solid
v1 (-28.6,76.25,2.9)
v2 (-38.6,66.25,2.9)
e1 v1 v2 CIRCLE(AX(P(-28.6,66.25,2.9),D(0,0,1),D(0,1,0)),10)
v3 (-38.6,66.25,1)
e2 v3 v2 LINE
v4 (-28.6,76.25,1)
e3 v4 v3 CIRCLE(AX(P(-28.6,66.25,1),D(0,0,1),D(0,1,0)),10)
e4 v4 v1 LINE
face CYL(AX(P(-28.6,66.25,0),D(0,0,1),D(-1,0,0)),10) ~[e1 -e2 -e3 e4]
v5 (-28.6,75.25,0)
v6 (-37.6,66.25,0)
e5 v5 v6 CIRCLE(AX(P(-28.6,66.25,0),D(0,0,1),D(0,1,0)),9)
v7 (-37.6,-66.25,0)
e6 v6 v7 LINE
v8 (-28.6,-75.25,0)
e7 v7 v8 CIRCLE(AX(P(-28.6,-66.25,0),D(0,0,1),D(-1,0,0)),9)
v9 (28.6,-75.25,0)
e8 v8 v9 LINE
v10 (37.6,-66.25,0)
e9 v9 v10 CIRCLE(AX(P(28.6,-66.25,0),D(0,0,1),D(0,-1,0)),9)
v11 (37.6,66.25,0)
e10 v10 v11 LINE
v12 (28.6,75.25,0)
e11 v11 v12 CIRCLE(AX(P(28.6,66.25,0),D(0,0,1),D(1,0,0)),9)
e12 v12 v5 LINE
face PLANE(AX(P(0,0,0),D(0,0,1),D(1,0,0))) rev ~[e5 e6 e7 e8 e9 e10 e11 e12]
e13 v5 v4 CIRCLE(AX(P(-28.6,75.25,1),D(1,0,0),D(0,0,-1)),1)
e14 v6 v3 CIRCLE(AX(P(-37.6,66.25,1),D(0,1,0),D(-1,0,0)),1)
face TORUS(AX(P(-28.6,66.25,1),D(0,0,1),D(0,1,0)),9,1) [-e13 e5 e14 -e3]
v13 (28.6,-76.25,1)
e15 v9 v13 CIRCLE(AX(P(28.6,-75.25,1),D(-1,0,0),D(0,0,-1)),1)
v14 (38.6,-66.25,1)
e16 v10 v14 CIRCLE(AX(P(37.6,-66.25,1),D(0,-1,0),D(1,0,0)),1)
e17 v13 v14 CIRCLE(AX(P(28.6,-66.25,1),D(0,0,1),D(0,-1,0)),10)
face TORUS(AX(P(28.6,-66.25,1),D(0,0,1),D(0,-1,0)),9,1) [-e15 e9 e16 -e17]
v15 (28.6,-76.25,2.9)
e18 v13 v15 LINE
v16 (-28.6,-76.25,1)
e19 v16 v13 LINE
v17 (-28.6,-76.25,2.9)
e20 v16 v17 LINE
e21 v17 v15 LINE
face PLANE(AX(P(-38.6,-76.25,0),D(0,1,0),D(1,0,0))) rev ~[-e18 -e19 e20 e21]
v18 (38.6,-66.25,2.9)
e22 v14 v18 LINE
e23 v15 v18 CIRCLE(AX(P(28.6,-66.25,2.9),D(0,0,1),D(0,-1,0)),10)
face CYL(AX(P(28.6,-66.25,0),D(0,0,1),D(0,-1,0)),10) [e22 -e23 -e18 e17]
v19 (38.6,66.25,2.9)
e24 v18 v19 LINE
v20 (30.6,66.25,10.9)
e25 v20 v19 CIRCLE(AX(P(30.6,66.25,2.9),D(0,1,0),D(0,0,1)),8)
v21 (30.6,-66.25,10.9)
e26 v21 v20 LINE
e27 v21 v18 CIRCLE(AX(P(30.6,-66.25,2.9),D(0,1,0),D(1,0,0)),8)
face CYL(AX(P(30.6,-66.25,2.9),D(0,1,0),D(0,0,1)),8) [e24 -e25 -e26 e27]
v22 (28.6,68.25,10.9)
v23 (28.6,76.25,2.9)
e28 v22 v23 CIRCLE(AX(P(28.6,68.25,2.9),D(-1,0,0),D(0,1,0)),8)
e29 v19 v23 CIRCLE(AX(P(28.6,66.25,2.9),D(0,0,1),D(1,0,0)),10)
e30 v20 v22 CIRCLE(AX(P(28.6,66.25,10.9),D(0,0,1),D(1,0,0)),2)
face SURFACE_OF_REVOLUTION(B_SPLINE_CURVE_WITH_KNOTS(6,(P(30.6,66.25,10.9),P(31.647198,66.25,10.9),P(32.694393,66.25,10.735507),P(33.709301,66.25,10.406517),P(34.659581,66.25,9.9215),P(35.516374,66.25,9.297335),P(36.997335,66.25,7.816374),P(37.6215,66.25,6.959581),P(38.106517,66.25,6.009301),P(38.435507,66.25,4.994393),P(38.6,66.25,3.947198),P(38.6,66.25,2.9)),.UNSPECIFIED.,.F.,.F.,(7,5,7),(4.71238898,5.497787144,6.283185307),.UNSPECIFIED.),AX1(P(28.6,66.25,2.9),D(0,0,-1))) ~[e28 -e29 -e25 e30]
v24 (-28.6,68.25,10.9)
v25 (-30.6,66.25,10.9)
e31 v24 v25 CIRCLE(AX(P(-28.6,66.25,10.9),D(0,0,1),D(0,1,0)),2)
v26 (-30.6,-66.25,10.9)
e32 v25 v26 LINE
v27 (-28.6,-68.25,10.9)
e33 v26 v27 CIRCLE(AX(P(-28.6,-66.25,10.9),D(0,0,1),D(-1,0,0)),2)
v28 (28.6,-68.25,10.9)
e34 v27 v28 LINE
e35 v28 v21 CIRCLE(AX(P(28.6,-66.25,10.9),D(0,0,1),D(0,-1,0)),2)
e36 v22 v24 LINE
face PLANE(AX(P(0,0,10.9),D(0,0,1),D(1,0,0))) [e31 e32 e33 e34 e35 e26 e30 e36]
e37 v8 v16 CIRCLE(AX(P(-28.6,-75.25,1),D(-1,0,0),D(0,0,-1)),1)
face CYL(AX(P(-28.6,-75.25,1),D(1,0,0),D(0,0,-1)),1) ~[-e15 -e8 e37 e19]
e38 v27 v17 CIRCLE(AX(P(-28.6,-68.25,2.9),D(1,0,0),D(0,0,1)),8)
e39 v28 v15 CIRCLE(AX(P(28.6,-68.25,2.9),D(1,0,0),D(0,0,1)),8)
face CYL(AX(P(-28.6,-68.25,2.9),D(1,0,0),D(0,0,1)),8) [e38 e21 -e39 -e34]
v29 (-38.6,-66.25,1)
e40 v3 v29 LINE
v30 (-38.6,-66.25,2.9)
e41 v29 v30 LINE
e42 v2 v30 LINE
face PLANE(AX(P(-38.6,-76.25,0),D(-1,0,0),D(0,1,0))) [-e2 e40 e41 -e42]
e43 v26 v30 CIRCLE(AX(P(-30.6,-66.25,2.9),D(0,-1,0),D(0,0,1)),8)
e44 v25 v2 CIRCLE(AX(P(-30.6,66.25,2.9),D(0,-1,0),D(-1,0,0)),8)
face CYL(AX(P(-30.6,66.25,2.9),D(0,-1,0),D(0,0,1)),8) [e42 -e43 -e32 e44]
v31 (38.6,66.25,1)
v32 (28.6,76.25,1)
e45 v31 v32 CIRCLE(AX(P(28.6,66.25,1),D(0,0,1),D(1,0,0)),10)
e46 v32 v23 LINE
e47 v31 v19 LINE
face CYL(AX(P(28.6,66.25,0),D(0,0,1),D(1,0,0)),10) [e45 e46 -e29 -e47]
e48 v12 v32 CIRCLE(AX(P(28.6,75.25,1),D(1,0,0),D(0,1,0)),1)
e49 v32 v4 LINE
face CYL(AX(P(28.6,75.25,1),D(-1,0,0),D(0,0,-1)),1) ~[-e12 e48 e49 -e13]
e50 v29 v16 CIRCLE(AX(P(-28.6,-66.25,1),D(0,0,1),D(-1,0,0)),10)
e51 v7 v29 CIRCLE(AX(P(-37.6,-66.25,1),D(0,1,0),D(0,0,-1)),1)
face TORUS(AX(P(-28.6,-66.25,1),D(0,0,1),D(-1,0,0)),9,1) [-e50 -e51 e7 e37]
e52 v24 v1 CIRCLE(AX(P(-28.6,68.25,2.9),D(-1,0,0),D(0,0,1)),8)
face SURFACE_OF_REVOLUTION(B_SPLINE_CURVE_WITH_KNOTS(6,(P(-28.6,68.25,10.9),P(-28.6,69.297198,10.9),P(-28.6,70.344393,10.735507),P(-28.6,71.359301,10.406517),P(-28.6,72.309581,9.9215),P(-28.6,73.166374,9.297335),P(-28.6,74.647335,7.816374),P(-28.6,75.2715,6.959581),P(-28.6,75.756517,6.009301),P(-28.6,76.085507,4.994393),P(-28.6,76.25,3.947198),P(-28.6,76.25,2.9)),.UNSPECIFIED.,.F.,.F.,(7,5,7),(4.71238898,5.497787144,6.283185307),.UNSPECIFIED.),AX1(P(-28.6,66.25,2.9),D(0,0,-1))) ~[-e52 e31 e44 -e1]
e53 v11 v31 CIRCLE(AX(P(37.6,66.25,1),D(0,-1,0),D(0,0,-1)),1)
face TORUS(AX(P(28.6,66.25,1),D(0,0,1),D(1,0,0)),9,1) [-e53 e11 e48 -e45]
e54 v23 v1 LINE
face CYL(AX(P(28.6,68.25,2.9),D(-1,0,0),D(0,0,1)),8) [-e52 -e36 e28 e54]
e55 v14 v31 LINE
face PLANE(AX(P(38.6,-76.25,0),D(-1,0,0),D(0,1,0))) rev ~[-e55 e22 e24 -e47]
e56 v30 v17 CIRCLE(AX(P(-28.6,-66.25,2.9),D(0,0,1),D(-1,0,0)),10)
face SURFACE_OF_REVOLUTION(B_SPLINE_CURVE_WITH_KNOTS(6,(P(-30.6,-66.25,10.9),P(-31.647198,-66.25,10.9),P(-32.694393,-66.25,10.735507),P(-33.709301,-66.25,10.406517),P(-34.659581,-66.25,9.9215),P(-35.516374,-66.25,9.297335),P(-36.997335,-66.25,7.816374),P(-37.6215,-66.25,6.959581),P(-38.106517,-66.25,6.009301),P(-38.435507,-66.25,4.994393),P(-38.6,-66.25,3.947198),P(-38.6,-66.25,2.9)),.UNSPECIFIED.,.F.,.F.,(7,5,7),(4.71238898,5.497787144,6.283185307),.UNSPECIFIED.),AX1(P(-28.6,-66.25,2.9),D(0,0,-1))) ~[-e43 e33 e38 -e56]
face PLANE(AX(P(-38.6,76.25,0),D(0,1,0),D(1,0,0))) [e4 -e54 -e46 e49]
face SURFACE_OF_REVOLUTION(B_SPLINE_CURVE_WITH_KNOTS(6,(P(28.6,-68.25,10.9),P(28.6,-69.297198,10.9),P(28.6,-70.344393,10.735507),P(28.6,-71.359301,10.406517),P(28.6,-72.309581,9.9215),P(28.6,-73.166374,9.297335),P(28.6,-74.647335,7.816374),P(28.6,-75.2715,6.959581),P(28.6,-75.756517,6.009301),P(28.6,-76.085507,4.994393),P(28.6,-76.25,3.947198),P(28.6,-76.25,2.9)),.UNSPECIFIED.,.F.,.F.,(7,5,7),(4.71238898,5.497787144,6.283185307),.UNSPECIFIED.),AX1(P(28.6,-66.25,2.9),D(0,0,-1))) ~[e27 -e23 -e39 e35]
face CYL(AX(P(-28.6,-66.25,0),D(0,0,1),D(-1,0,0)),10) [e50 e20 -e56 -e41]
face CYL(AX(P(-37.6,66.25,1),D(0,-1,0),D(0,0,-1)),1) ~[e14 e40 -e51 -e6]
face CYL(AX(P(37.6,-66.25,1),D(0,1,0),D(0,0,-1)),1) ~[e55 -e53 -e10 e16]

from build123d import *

# Parameters (mm, degrees)
F0_W     = 77.2
F0_H     = 152.5
F1_DEPTH = 10.9
F2_R     = 10
F3_R     = 8
F4_R     = 1


with BuildPart() as f1:
    # F0 (on Top) → F1 (new body)
    with BuildSketch(Plane.XY):
        Rectangle(F0_W, F0_H)
    extrude(amount=F1_DEPTH)

    # F2
    f2_edges = [f1.edges().sort_by_distance(p)[0] for p in [
        (38.6, 76.25, 5.45),
        (-38.6, 76.25, 5.45),
        (-38.6, -76.25, 5.45),
        (38.6, -76.25, 5.45),
    ]]
    fillet(f2_edges, radius=F2_R)

    # F3
    f3_edges = [f1.edges().sort_by_distance(p)[0] for p in [
        (0, -76.25, 10.9),
        (-35.671068, -73.321068, 10.9),
        (35.671068, -73.321068, 10.9),
        (-38.6, 0, 10.9),
        (38.6, 0, 10.9),
        (-35.671068, 73.321068, 10.9),
        (35.671068, 73.321068, 10.9),
        (0, 76.25, 10.9),
    ]]
    fillet(f3_edges, radius=F3_R)

    # F4
    f4_edges = [f1.edges().sort_by_distance(p)[0] for p in [
        (0, -76.25, 0),
        (-35.671068, -73.321068, 0),
        (35.671068, -73.321068, 0),
        (-38.6, 0, 0),
        (38.6, 0, 0),
        (-35.671068, 73.321068, 0),
        (35.671068, 73.321068, 0),
        (0, 76.25, 0),
    ]]
    fillet(f4_edges, radius=F4_R)


solid = f1.part
